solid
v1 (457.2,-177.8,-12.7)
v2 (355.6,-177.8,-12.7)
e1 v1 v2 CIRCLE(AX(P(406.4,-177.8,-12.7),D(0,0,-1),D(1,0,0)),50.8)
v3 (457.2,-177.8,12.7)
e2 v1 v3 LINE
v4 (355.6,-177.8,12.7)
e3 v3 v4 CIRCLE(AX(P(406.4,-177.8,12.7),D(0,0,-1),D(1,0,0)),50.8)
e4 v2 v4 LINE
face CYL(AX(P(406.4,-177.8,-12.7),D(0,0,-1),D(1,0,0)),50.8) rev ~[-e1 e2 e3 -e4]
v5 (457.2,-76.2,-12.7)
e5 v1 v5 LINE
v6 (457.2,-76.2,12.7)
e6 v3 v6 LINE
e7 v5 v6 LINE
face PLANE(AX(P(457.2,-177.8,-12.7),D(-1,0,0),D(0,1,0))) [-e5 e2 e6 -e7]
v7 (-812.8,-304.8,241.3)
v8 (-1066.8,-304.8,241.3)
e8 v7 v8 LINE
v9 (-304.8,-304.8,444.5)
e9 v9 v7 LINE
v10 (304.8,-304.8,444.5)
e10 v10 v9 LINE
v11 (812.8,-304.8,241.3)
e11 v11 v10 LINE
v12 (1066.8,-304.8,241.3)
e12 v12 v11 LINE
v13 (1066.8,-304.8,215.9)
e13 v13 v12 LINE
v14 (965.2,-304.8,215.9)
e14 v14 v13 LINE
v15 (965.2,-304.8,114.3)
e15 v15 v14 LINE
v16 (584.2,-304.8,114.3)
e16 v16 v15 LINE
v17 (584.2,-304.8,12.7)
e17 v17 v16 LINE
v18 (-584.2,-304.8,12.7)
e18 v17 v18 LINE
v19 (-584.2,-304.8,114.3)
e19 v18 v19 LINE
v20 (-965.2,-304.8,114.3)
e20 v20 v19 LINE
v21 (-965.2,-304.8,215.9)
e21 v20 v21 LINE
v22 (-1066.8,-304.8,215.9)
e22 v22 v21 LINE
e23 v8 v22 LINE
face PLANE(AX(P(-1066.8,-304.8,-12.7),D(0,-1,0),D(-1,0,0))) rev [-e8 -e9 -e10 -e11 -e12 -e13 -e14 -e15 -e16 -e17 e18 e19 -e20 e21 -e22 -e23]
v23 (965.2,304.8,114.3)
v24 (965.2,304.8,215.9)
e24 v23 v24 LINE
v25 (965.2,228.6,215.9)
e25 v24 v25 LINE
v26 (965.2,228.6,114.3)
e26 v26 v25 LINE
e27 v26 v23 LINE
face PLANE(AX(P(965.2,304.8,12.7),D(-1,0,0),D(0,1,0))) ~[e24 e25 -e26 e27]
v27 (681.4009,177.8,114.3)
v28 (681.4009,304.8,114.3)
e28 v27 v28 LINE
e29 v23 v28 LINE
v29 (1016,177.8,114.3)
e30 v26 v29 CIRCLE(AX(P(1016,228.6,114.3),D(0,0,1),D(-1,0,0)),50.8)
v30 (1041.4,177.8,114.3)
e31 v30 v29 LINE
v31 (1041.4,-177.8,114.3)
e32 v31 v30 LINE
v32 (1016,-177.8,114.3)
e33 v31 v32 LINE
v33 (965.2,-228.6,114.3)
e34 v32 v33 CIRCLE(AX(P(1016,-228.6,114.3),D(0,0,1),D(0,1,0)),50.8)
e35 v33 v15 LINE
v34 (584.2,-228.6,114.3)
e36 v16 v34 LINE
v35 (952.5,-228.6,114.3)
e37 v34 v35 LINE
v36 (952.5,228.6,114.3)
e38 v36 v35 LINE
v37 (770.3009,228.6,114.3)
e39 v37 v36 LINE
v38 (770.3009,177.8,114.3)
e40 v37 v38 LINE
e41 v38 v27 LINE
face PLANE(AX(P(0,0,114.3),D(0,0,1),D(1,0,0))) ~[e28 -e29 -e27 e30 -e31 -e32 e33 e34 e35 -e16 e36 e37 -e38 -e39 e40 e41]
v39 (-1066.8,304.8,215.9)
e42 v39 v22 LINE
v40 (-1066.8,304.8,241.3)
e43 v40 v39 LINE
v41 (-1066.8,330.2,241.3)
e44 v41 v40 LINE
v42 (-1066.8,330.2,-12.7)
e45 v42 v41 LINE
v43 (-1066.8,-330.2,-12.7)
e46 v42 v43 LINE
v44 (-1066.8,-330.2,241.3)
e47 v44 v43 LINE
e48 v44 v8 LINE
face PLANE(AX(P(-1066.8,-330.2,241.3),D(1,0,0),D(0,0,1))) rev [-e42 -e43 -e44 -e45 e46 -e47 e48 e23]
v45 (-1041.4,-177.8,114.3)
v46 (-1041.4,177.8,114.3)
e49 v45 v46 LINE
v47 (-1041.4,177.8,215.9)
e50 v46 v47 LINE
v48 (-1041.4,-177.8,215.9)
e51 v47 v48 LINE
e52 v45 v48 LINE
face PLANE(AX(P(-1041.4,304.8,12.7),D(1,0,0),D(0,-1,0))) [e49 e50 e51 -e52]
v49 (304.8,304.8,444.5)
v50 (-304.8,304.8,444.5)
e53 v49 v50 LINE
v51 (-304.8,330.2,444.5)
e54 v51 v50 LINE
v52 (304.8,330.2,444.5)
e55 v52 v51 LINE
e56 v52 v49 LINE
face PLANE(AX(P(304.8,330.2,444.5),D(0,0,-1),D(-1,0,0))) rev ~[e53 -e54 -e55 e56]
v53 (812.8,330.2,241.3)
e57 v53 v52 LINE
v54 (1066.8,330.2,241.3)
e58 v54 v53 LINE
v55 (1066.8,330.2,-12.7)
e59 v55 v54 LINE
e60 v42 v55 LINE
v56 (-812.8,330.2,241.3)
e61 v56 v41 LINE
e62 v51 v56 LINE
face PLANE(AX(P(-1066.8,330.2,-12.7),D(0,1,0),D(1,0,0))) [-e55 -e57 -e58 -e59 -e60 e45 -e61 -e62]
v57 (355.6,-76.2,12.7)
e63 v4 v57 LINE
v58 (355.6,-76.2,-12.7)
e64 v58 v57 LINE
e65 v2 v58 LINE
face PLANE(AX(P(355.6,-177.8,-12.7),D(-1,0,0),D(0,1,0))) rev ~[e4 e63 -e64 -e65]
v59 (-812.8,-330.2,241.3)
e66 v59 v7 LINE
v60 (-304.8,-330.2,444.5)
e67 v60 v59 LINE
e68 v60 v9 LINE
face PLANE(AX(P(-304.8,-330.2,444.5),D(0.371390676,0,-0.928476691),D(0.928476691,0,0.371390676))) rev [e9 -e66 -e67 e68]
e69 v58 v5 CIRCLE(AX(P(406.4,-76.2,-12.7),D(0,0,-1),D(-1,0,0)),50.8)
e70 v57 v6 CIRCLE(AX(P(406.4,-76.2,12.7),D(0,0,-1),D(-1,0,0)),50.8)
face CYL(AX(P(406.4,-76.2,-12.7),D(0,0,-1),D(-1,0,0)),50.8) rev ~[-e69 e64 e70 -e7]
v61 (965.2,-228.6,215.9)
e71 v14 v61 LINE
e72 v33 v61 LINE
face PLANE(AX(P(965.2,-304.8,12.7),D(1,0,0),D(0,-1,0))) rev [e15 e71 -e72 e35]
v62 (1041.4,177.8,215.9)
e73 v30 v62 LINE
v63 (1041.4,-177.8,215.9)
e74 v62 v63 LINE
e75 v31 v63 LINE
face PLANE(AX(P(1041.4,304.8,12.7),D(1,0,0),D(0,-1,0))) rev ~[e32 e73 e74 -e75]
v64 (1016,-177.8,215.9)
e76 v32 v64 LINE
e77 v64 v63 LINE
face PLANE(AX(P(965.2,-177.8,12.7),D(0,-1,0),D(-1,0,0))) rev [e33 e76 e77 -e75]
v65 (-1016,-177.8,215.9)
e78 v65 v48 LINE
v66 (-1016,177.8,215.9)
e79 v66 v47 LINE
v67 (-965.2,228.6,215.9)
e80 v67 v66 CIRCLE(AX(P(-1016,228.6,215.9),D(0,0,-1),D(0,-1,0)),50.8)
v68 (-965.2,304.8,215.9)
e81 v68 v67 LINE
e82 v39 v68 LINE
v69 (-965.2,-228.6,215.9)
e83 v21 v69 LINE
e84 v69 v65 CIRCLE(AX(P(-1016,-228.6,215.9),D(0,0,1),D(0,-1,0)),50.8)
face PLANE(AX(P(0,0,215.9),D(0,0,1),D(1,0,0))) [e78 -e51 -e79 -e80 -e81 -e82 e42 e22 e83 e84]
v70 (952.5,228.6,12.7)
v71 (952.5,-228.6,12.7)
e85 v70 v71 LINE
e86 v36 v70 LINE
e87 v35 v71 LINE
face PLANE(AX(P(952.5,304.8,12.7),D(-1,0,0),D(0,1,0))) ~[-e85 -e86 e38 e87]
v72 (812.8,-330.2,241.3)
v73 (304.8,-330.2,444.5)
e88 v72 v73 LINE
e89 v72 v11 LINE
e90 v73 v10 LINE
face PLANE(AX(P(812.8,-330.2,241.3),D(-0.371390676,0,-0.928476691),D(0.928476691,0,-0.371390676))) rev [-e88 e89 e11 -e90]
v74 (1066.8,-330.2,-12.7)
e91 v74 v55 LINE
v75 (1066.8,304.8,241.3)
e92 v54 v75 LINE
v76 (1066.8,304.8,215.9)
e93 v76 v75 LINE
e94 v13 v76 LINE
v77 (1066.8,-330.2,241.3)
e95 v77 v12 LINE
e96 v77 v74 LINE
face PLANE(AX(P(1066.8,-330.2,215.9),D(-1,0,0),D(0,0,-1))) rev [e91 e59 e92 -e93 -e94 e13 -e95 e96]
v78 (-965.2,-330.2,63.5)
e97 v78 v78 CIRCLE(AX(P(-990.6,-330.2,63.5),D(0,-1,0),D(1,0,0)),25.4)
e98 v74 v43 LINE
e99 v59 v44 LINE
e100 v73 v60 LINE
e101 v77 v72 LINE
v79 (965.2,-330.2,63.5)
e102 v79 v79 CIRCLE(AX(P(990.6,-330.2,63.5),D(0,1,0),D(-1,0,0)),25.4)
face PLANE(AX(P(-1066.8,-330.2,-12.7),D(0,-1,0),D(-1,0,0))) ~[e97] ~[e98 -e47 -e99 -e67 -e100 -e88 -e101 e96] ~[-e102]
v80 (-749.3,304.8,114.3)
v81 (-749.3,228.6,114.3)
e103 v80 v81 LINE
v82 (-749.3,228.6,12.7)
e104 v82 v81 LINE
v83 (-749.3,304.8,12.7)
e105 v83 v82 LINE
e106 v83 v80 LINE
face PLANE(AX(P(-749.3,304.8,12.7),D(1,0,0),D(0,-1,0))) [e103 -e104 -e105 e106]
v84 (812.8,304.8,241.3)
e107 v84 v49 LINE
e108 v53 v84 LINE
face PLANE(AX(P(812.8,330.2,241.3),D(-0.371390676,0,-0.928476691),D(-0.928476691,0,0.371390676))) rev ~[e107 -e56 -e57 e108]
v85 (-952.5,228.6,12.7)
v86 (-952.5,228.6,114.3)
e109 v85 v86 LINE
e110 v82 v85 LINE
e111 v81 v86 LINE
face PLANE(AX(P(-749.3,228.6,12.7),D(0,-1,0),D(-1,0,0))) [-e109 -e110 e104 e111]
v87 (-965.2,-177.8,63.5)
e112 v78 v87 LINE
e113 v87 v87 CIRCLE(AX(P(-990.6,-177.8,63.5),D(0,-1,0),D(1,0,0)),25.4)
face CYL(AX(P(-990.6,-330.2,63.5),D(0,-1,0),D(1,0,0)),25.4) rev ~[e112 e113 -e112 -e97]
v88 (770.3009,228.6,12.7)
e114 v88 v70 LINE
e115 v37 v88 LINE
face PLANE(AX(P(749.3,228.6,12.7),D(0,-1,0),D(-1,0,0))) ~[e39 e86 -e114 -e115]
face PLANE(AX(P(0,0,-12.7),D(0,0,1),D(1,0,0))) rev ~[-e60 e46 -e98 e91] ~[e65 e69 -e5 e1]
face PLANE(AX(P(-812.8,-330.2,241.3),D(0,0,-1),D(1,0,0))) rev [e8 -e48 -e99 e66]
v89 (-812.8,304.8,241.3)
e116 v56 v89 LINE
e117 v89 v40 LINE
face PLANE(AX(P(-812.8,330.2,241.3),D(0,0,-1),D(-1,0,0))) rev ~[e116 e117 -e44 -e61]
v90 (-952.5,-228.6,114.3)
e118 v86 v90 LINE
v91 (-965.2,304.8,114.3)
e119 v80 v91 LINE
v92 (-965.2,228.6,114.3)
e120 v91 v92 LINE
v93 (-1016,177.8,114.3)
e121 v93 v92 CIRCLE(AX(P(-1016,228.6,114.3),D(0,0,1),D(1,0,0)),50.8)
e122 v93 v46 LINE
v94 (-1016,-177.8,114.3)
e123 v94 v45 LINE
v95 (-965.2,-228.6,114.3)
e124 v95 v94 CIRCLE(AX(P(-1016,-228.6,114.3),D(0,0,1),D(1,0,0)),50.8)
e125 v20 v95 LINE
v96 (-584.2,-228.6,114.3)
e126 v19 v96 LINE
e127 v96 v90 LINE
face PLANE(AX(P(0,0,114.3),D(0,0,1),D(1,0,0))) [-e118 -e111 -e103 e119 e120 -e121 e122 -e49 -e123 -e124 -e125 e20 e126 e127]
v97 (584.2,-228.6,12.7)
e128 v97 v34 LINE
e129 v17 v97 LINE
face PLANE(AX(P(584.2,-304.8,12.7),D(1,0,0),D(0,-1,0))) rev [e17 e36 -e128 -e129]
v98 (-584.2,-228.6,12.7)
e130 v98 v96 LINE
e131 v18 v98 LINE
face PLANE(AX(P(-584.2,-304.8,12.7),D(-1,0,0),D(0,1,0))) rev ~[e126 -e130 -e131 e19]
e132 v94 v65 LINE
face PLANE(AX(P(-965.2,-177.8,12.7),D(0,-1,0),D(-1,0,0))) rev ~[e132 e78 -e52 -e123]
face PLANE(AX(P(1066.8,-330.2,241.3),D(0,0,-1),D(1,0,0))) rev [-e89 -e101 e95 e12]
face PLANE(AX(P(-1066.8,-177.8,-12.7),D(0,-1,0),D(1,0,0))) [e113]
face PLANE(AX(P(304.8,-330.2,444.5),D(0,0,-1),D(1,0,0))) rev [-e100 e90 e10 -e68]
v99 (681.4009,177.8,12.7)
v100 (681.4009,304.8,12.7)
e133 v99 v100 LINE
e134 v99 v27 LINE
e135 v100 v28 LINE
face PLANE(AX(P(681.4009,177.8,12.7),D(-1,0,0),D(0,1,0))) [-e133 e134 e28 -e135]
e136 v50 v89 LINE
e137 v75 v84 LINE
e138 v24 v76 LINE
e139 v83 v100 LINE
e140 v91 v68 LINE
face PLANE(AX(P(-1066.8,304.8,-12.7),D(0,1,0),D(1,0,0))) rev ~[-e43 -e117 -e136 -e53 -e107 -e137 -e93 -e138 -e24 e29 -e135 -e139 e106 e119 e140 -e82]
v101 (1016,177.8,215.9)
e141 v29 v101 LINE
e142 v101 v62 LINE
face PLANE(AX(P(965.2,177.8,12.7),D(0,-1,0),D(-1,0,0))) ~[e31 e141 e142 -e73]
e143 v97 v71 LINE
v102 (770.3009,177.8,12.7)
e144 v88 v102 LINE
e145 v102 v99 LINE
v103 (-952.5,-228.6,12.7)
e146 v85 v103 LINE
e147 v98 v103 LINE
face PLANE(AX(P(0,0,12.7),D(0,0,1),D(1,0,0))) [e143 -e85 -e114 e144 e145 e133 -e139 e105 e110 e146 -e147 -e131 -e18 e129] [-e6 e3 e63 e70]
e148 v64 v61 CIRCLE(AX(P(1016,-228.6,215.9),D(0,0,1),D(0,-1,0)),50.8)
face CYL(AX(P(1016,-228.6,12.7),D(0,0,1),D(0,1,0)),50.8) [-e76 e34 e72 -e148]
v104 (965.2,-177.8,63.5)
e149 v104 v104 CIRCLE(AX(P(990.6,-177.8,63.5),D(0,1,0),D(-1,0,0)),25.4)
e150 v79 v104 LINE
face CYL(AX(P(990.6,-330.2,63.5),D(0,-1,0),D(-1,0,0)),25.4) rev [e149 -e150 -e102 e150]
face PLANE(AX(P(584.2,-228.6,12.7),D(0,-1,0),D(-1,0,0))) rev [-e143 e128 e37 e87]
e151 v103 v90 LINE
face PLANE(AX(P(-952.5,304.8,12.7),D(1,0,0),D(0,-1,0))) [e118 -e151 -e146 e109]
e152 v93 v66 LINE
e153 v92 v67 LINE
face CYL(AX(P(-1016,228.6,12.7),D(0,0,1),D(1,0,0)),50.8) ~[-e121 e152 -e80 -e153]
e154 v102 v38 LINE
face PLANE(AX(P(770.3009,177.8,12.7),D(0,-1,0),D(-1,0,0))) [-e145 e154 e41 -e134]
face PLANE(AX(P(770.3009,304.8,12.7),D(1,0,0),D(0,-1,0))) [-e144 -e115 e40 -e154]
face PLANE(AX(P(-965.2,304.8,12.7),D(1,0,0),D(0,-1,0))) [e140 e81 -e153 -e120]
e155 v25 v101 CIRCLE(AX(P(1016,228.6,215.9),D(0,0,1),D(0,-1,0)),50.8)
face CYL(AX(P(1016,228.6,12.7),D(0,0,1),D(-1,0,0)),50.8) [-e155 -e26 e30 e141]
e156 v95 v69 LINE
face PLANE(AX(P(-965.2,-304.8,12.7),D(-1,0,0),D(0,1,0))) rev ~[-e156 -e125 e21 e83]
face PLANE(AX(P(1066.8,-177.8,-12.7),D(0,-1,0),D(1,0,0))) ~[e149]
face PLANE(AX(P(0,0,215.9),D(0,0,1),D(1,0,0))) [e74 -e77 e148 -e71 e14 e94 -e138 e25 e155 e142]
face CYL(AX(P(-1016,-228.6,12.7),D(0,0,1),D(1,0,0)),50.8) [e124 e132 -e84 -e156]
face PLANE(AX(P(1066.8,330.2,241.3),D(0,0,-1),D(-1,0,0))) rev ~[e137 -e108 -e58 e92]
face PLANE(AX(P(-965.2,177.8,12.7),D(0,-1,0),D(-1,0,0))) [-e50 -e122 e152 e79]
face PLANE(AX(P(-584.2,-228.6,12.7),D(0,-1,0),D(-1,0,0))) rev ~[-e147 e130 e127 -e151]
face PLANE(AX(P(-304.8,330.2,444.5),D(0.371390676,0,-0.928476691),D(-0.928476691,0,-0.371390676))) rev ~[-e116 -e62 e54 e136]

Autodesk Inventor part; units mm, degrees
ref_plane "YZ Plane" through (0, 0, 0) normal (1, 0, 0) x (0, 1, 0)
ref_plane "XZ Plane" through (0, 0, 0) normal (0, 1, 0) x (-1, 0, 0)
ref_plane "XY Plane" through (0, 0, 0) normal (0, 0, 1) x (1, 0, 0)
sketch "Sketch1" plane through (0, 0, 0) normal (0, 0, 1) x (1, 0, 0)
  line L0 (-1066.8, 304.8) -> (1066.8, 304.8)
  line L1 (1066.8, 304.8) -> (1066.8, -304.8)
  line L2 (1066.8, -304.8) -> (-1066.8, -304.8)
  line L3 (-1066.8, -304.8) -> (-1066.8, 304.8)
  point P0 (0, 0)
  point P1 (1066.8, 0)
  point P2 (0, 304.8)
  dimension "d0" = 2133.6
  dimension "d1" = 609.6
extrude "Extrusion1" add sketch "Sketch1" along normal mid plane 25.4
sketch "Sketch3" plane through (0, 0, 12.7) normal (0, 0, 1) x (1, 0, 0)
  line L0 (-1066.8, -304.8) -> (-1066.8, 304.8) projected
  line L1 (1066.8, -304.8) -> (-1066.8, -304.8) projected
  line L2 (-1066.8, 304.8) -> (-1041.4, 304.8)
  line L3 (-1041.4, 304.8) -> (-1041.4, -304.8)
  line L4 (-1041.4, -304.8) -> (-1066.8, -304.8)
  line L5 (-1066.8, -304.8) -> (-1066.8, 304.8)
  line L6 (1066.8, 304.8) -> (1041.4, 304.8)
  line L7 (1041.4, 304.8) -> (1041.4, -304.8)
  line L8 (1041.4, -304.8) -> (1066.8, -304.8)
  line L9 (1066.8, -304.8) -> (1066.8, 304.8)
  point P0 (0, 0)
  dimension "d18" = 25.4
  dimension "d19" = 25.4
extrude "Extrusion3" add sketch "Sketch3" along normal blind 203.2
sketch "Sketch5" plane through (0, 0, 0) normal (0, 1, 0) x (-1, 0, 0)
  line L0 (-1041.4, 12.7) -> (1041.4, 12.7) projected
  point P0 (0, 0)
  point P1 (787.4, 12.7)
sketch "Sketch6" plane through (0, 0, 12.7) normal (0, 0, 1) x (1, 0, 0)
  line L0 (-1041.4, 304.8) -> (-1041.4, -304.8) projected
  line L1 (-1041.4, 304.8) -> (-965.2, 304.8)
  line L2 (-965.2, 304.8) -> (-965.2, 177.8)
  line L3 (-965.2, 177.8) -> (-1041.4, 177.8)
  line L4 (-1041.4, 177.8) -> (-1041.4, 304.8)
  line L5 (-1041.4, -304.8) -> (-965.2, -304.8)
  line L6 (-965.2, -304.8) -> (-965.2, -177.8)
  line L7 (-965.2, -177.8) -> (-1041.4, -177.8)
  line L8 (-1041.4, -177.8) -> (-1041.4, -304.8)
  point P0 (0, 0)
  dimension "d30" = 76.2
  dimension "d31" = 127
  dimension "d32" = 127
  dimension "d33" = 76.2
extrude "Extrusion5" add sketch "Sketch6" along normal blind 203.2
mirror "Mirror1" about plane through (0, 0, 0) normal (1, 0, 0) of "Extrusion5"
fillet "Fillet1" radius 50.8 4 edges at (-965.2, 177.8, 114.3) (965.2, 177.8, 114.3) (965.2, -177.8, 114.3) (-965.2, -177.8, 114.3)
sketch "Sketch14" plane through (0, 0, -12.7) normal (0, 0, -1) x (-1, 0, 0)
  line L0 (-1066.8, 304.8) -> (1066.8, 304.8)
  line L1 (1066.8, 304.8) -> (1066.8, 330.2)
  line L2 (1066.8, 330.2) -> (-1066.8, 330.2)
  line L3 (-1066.8, 330.2) -> (-1066.8, 304.8)
  line L4 (1066.8, -304.8) -> (-1066.8, -304.8)
  line L5 (-1066.8, -304.8) -> (-1066.8, -330.2)
  line L6 (-1066.8, -330.2) -> (1066.8, -330.2)
  line L7 (1066.8, -330.2) -> (1066.8, -304.8)
  point P0 (0, 0)
  dimension "d62" = 25.4
  dimension "d63" = 25.4
extrude "Extrusion11" add sketch "Sketch14" against normal blind 228.6
sketch "Sketch15" plane through (-1066.8, 330.2, -12.7) normal (0, 1, 0) x (1, 0, 0)
  line L0 (2133.6, 0) -> (2133.6, -228.6) projected
  line L1 (2133.6, -228.6) -> (2133.6, -254)
  line L2 (2133.6, -254) -> (1879.6, -254)
  line L3 (1879.6, -254) -> (1371.6, -457.2)
  line L4 (1371.6, -457.2) -> (762, -457.2)
  line L5 (762, -457.2) -> (254, -254)
  line L6 (254, -254) -> (0, -254)
  line L7 (0, -254) -> (0, -228.6)
  line L8 (0, -228.6) -> (2133.6, -228.6)
  point P0 (1066.8, -12.7)
  dimension "d66" = 254
  dimension "d67" = 508
  dimension "d68" = 609.6
  dimension "d69" = 508
  dimension "d70" = 254
  dimension "d71" = 228.6
  dimension "d72" = 25.4
  dimension "d73" = 25.4
extrude "Extrusion12" add sketch "Sketch15" against normal blind 25.4
mirror "Mirror4" about plane through (0, 0, 0) normal (0, 1, 0) of "Extrusion12"
sketch "Sketch16" plane through (0, 0, -12.7) normal (0, 0, -1) x (-1, 0, 0)
  line L0 (-457.2, -177.8) -> (-457.2, -76.2)
  line L1 (-355.6, -177.8) -> (-355.6, -76.2)
  arc A0 (-355.6, -76.2) -> (-457.2, -76.2) centre (-406.4, -76.2) ccw
  arc A1 (-457.2, -177.8) -> (-355.6, -177.8) centre (-406.4, -177.8) ccw
  line L2 (-1066.8, 330.2) -> (-1066.8, -330.2) projected
  line L3 (-1066.8, -330.2) -> (1066.8, -330.2) projected
  point P0 (0, 0)
  dimension "d76" = 101.6
  dimension "d77" = 609.6
  dimension "d78" = 152.4
  dimension "d79" = 101.6
extrude "Extrusion13" cut sketch "Sketch16" against normal blind 25.4
sketch "Sketch20" plane through (0, 0, 12.7) normal (0, 0, 1) x (1, 0, 0)
  line L0 (-965.2, 304.8) -> (-1066.8, 304.8) projected
  line L1 (-1041.4, 304.8) -> (-749.3, 304.8)
  line L2 (-749.3, 304.8) -> (-749.3, 228.6)
  line L3 (-749.3, 228.6) -> (-1041.4, 228.6)
  line L4 (-1041.4, 228.6) -> (-1041.4, 304.8)
  line L5 (-965.2, -304.8) -> (-1028.7, -304.8) projected
  line L6 (-1016, -304.8) -> (-584.2, -304.8)
  line L7 (-584.2, -304.8) -> (-584.2, -228.6)
  line L8 (-584.2, -228.6) -> (-1016, -228.6)
  line L9 (-1016, -228.6) -> (-1016, -304.8)
  point P0 (0, 0)
  dimension "d106" = 431.8
extrude "Extrusion16" add sketch "Sketch20" along normal blind 101.6
mirror "Mirror5" about plane through (0, 0, 0) normal (1, 0, 0) of "Extrusion16"
sketch "Sketch21" plane through (0, 0, 12.7) normal (0, 0, 1) x (1, 0, 0)
  line L0 (812.8, 304.8) -> (304.8, 304.8) projected
  line L1 (681.4009, 304.8) -> (770.3009, 304.8)
  line L2 (770.3009, 304.8) -> (770.3009, 177.8)
  line L3 (770.3009, 177.8) -> (681.4009, 177.8)
  line L4 (681.4009, 177.8) -> (681.4009, 304.8)
  point P0 (0, 0)
  dimension "d91" = 127
  dimension "d92" = 88.9
extrude "Extrusion17" add sketch "Sketch21" along normal blind 101.6
sketch "Sketch22" plane through (0, 0, 12.7) normal (0, 0, 1) x (1, 0, 0)
  line L0 (-812.8, 304.8) -> (-1066.8, 304.8) projected
  line L1 (-812.8, -304.8) -> (-1066.8, -304.8) projected
  line L2 (-1041.4, 304.8) -> (-952.5, 304.8)
  line L3 (-952.5, 304.8) -> (-952.5, -304.8)
  line L4 (-952.5, -304.8) -> (-1041.4, -304.8)
  line L5 (-1041.4, -304.8) -> (-1041.4, 304.8)
  line L6 (-1041.4, -177.8) -> (-1041.4, 177.8) projected
  point P0 (0, 0)
  dimension "d97" = 88.9
  dimension "d98" = 0
extrude "Extrusion18" add sketch "Sketch22" along normal blind 101.6
mirror "Mirror7" about plane through (0, 0, 0) normal (1, 0, 0) of "Extrusion18"
sketch "Sketch23" plane through (-1066.8, -330.2, -12.7) normal (0, -1, 0) x (1, 0, 0)
  circle A0 centre (76.2, 76.2) radius 25.4
  line L0 (0, 0) -> (0, 254) projected
  line L1 (2133.6, 0) -> (0, 0) projected
  point P0 (1066.8, 12.7)
  dimension "d101" = 50.8
  dimension "d102" = 76.2
  dimension "d103" = 76.2
extrude "Extrusion19" cut sketch "Sketch23" against normal blind 152.4
mirror "Mirror8" about plane through (0, 0, 0) normal (1, 0, 0) of "Extrusion19"
properties part number "Cam_support"
